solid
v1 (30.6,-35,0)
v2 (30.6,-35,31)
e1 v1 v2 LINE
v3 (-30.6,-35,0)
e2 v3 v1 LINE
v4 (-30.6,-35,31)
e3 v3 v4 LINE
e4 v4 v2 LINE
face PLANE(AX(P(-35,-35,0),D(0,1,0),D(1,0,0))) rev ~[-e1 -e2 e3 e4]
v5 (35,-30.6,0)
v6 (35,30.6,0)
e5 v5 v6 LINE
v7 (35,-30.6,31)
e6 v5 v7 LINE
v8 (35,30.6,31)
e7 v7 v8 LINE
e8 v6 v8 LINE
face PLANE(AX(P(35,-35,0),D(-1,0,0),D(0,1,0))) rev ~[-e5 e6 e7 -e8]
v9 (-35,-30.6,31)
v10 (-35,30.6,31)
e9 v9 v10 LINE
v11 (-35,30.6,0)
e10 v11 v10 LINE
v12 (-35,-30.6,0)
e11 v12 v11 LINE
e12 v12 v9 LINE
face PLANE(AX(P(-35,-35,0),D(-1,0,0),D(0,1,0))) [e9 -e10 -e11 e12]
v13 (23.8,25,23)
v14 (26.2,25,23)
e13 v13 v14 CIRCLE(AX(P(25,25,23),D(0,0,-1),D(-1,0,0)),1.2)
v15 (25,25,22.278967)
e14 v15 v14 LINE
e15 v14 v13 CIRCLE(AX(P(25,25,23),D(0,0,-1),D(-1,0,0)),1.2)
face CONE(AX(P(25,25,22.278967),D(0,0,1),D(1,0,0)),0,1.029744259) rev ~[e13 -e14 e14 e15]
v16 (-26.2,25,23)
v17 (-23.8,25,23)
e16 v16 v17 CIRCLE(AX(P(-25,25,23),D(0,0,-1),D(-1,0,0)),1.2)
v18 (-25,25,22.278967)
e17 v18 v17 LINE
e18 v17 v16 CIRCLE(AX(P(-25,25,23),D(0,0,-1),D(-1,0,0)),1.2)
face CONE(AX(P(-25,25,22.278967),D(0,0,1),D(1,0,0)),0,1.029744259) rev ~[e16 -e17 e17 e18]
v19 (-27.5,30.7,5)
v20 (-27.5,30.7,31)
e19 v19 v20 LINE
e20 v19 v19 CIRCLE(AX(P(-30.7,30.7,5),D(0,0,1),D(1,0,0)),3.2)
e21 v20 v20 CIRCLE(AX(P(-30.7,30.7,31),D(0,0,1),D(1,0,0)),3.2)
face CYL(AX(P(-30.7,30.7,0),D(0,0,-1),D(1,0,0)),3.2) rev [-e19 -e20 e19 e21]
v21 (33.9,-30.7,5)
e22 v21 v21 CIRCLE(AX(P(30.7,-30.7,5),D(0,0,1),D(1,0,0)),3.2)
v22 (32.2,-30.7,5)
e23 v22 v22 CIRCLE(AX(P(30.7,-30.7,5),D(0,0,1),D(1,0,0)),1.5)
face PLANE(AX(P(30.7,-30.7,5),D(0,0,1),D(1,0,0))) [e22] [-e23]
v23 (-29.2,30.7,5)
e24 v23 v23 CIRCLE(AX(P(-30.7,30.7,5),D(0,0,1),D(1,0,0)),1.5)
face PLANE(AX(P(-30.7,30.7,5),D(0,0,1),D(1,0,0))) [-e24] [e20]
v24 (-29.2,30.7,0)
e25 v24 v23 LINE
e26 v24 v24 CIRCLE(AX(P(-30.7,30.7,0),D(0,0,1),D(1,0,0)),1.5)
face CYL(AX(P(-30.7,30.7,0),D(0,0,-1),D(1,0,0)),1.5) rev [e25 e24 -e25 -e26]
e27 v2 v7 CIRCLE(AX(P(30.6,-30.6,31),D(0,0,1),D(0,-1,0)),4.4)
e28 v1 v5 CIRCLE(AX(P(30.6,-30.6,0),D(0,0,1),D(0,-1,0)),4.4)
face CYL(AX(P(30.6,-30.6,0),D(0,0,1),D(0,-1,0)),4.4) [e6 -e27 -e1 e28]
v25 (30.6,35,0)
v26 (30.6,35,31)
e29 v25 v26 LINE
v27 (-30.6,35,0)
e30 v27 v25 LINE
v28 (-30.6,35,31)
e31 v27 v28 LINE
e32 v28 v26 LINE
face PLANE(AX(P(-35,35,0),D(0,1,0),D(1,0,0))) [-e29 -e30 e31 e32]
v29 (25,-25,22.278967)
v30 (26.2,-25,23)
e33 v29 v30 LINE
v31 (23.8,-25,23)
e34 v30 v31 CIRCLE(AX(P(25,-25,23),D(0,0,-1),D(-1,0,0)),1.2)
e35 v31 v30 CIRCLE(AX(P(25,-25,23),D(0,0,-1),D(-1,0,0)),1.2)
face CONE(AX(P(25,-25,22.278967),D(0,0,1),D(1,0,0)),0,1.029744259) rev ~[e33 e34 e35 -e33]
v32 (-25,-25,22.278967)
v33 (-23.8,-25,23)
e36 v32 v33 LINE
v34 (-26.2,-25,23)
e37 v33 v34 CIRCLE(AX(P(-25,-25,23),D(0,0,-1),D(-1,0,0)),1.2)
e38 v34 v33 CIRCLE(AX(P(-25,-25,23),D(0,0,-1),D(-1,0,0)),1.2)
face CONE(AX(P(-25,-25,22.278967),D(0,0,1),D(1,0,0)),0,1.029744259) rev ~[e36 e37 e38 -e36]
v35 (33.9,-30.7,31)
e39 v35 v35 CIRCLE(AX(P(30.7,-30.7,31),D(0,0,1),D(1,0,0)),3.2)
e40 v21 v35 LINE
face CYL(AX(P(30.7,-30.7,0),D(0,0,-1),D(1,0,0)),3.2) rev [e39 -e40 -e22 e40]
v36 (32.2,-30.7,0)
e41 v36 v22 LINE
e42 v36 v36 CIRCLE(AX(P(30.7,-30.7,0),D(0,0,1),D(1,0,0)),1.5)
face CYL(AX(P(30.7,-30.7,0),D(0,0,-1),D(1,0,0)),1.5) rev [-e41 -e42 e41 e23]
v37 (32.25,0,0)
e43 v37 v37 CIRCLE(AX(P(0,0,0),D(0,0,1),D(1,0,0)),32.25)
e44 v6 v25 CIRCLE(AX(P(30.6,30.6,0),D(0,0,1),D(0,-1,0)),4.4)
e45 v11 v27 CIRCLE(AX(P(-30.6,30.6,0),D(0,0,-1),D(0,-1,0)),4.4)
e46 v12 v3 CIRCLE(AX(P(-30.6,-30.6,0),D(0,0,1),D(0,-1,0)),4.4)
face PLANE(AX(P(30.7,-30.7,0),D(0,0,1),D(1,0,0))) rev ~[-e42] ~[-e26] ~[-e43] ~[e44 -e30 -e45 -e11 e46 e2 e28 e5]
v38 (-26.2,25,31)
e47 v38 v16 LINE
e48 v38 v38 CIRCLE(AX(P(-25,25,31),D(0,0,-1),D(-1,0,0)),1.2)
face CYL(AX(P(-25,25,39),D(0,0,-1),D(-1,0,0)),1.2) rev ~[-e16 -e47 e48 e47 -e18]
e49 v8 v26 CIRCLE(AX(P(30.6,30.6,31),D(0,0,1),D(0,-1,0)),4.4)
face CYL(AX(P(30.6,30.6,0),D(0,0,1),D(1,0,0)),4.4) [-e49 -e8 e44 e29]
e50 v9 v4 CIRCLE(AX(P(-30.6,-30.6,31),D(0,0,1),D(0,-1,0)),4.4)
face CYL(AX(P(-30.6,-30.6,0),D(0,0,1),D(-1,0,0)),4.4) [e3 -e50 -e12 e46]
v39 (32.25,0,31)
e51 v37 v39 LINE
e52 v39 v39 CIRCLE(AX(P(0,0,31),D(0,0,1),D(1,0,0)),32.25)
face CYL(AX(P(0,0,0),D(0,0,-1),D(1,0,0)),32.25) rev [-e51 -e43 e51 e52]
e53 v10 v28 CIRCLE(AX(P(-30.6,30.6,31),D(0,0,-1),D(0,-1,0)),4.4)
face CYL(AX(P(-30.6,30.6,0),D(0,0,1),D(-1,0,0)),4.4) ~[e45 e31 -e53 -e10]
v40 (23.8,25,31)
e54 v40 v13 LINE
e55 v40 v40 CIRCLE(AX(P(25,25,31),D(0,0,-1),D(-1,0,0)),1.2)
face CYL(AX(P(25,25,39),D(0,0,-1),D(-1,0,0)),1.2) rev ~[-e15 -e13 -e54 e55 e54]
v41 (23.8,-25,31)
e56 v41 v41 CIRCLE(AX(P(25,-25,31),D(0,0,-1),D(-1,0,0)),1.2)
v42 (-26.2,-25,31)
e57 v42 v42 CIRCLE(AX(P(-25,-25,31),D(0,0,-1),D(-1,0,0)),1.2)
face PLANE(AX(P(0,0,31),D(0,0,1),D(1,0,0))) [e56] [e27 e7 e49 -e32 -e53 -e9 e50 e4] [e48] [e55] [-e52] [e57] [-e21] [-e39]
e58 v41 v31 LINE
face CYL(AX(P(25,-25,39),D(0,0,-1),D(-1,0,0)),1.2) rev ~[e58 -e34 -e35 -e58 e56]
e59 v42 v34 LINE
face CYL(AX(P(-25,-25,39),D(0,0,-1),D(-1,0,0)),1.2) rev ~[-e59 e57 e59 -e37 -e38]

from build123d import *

# Parameters (mm, degrees)
F0_W     = 70
F0_H     = 70
F0_R     = 3.2
F0_R_2   = 32.25
F1_DEPTH = 31
F0_R_3   = 1.5
F2_DEPTH = 5
F3_DEPTH = 5
F5_D     = 2.4
F5_DEPTH = 8
F5_TIP   = 0.7210327428
F6_R     = 4.4


with BuildPart() as f1:
    # F0 (on Top) → F1 (new body)
    with BuildSketch(Plane.XY):
        Rectangle(F0_W, F0_H)
        with Locations((30.7, -30.7)):
            Circle(F0_R, mode=Mode.SUBTRACT)
        with Locations((-30.7, 30.7)):
            Circle(F0_R, mode=Mode.SUBTRACT)
        Circle(F0_R_2, mode=Mode.SUBTRACT)
    extrude(amount=F1_DEPTH)

    # F0 (on Top) → F2 (join)
    with BuildSketch(Plane.XY):
        with Locations((-30.7, 30.7)):
            Circle(F0_R)
        with Locations((-30.7, 30.7)):
            Circle(F0_R_3, mode=Mode.SUBTRACT)
    extrude(amount=F2_DEPTH)

    # F0 (on Top) → F3 (join)
    with BuildSketch(Plane.XY):
        with Locations((30.7, -30.7)):
            Circle(F0_R)
        with Locations((30.7, -30.7)):
            Circle(F0_R_3, mode=Mode.SUBTRACT)
    extrude(amount=F3_DEPTH)

    # F5
    with Locations(Plane.XY.offset(31)):
        with Locations((-25, -25), (25, 25), (-25, 25), (25, -25)):
            Hole(F5_D / 2, depth=F5_DEPTH)
            with Locations((0, 0, -(F5_DEPTH + F5_TIP / 2))):  # 118° drill point
                Cone(0, F5_D / 2, F5_TIP, mode=Mode.SUBTRACT)

    # F6
    f6_edges = [f1.edges().sort_by_distance(p)[0] for p in [
        (-35, -35, 15.5),
        (35, -35, 15.5),
        (35, 35, 15.5),
        (-35, 35, 15.5),
    ]]
    fillet(f6_edges, radius=F6_R)


solid = f1.part
